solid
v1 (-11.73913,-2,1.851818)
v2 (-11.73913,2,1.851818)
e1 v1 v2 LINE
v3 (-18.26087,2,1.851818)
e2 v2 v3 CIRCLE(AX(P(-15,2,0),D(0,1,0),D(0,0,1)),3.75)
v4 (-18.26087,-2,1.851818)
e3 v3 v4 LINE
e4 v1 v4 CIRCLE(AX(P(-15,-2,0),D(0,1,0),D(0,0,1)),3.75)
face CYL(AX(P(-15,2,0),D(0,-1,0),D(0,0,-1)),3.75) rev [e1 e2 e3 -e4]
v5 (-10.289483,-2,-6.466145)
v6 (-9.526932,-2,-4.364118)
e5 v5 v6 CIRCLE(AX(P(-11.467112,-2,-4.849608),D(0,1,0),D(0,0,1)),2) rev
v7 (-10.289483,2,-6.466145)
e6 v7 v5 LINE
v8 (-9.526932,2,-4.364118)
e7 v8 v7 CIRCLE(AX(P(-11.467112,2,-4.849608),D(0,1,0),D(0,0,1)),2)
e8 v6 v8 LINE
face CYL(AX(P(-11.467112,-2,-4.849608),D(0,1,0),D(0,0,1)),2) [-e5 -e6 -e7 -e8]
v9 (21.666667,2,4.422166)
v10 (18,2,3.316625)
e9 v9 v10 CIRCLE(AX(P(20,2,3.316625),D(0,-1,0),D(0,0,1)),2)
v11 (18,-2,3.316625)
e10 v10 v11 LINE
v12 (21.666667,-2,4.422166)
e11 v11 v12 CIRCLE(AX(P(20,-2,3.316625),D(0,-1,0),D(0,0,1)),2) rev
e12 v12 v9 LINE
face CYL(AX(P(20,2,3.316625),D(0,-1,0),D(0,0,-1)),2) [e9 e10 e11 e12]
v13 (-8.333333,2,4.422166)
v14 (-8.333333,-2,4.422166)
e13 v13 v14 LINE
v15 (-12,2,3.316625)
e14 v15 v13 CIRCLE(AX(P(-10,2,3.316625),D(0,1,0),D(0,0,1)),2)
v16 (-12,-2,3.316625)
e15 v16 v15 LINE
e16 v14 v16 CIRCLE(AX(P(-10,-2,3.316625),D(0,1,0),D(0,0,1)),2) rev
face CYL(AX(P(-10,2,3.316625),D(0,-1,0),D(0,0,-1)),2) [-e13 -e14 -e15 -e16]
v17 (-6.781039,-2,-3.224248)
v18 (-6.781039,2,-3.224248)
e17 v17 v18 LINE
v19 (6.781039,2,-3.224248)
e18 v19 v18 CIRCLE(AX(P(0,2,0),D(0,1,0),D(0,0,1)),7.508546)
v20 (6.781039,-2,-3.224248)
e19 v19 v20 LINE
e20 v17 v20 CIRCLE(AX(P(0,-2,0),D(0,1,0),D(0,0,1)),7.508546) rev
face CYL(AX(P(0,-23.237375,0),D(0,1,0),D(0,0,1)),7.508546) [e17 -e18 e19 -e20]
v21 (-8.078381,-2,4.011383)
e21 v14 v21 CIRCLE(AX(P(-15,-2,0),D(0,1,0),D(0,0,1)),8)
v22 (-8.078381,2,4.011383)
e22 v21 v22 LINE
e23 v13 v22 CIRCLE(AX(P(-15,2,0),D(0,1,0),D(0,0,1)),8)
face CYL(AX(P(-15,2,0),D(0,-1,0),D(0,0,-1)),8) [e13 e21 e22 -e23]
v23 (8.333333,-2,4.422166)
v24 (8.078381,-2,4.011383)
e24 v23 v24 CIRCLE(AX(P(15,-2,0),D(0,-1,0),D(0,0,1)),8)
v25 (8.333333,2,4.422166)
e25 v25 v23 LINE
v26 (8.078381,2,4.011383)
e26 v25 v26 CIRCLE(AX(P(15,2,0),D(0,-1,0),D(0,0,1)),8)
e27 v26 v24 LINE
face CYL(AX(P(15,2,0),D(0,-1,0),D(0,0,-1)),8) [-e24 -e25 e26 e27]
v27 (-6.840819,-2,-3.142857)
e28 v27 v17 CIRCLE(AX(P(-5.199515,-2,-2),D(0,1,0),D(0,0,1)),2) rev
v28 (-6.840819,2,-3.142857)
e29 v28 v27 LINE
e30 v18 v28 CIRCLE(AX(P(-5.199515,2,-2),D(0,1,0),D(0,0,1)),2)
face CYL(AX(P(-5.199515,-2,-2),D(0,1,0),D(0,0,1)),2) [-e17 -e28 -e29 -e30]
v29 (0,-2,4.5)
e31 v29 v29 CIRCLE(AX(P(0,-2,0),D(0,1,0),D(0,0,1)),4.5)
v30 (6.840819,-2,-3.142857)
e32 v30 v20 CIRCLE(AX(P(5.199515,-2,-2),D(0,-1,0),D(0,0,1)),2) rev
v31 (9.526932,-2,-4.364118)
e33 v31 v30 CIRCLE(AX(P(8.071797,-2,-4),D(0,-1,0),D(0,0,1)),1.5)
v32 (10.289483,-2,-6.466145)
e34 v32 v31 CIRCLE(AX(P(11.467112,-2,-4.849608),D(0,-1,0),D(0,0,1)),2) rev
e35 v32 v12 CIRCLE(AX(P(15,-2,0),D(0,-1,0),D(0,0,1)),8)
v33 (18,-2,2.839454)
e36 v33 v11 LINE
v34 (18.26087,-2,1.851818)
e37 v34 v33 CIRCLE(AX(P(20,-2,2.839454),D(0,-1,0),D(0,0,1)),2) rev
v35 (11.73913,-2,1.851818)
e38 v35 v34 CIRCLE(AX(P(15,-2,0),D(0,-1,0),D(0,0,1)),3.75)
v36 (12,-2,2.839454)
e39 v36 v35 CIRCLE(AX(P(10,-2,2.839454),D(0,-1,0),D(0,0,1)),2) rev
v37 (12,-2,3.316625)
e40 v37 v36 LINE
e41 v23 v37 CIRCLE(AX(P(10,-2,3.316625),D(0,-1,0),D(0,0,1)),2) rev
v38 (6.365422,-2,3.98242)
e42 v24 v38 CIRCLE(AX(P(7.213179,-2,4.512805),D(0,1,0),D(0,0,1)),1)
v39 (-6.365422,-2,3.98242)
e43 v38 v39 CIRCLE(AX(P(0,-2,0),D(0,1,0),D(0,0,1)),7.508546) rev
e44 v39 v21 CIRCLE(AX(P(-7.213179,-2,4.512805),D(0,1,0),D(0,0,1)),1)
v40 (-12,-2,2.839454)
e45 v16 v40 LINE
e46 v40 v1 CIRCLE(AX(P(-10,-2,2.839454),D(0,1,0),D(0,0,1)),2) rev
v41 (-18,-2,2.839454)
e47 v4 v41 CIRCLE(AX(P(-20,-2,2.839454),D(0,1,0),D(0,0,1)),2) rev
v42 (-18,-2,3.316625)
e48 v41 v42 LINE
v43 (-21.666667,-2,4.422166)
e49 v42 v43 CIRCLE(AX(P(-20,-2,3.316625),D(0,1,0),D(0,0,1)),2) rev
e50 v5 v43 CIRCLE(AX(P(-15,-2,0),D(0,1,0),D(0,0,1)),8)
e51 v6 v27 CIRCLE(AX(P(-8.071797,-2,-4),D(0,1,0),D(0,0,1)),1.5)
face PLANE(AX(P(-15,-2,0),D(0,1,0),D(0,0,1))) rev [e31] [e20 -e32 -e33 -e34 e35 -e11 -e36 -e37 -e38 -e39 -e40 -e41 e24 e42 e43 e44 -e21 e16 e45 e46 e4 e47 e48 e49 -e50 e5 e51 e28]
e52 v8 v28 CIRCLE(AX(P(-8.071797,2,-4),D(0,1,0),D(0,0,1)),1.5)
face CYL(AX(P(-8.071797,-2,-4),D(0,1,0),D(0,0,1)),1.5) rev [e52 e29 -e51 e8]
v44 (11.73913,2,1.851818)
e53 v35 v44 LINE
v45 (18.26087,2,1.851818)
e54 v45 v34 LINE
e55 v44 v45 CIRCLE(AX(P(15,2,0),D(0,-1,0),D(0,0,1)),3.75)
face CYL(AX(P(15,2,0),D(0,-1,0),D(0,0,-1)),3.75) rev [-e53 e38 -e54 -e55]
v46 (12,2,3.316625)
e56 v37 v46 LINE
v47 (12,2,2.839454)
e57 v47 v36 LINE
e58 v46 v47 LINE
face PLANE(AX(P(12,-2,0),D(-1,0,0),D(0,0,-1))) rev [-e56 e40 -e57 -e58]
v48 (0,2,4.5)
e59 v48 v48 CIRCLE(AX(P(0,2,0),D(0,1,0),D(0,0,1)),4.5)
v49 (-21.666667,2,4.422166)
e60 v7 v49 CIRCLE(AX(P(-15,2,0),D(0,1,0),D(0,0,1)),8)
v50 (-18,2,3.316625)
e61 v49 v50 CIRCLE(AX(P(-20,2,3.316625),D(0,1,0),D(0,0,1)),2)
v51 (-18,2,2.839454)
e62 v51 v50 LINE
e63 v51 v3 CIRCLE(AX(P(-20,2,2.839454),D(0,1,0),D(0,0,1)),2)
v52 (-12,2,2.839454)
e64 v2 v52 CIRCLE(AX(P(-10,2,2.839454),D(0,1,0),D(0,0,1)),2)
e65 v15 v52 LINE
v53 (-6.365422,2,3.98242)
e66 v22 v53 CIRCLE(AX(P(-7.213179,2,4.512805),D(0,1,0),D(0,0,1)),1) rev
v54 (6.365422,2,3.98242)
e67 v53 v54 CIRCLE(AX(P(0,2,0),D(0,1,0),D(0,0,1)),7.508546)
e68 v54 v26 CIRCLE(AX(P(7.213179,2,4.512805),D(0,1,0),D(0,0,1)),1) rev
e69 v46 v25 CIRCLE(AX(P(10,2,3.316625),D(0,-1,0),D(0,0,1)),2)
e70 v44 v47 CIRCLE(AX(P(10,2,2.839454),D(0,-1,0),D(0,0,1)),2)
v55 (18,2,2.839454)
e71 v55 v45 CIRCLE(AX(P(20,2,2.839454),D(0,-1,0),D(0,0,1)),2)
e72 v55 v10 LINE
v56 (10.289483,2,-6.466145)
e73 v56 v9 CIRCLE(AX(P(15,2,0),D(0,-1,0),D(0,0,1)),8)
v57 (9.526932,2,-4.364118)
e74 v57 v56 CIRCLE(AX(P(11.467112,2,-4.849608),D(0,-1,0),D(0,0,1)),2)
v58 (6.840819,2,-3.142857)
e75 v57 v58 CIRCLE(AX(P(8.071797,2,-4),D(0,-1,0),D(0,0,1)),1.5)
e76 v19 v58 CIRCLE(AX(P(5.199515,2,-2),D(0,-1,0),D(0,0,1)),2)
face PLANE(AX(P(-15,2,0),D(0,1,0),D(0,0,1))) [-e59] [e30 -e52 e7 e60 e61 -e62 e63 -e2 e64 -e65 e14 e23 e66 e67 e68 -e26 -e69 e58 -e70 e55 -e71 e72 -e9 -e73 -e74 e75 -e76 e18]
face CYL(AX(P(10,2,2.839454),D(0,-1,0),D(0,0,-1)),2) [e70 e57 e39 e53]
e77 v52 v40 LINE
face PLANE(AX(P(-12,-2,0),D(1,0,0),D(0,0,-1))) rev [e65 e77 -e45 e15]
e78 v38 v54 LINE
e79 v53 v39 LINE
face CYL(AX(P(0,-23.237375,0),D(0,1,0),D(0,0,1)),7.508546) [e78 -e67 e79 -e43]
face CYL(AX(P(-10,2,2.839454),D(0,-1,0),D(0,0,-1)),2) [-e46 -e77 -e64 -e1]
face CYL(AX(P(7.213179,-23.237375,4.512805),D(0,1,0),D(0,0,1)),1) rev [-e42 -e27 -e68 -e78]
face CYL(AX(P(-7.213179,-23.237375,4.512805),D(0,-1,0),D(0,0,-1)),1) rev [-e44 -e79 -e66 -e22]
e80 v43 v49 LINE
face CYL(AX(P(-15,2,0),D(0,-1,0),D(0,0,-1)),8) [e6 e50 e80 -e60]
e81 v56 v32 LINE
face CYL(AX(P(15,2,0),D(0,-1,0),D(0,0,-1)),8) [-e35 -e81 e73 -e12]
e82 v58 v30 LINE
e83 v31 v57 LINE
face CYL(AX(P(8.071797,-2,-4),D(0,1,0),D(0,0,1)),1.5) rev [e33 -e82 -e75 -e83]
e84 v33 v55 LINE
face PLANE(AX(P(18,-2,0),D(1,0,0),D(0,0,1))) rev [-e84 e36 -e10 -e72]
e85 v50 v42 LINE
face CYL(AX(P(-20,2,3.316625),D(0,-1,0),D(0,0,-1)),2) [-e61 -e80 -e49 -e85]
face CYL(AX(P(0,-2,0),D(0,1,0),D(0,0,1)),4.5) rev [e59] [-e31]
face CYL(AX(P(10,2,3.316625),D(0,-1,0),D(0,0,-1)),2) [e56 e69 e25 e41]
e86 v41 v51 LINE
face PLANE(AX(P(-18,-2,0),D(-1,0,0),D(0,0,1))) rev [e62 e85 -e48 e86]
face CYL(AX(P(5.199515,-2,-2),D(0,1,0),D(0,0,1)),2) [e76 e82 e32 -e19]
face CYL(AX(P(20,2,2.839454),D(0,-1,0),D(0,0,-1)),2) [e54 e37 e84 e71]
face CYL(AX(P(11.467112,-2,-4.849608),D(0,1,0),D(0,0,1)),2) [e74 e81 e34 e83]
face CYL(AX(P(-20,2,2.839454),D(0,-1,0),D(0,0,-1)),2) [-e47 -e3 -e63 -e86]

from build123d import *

# Parameters (mm, degrees)
SKIZZE1_R                       = 3.75
AUFSATZ_LINEAR_AUSTRAGEN1_DEPTH = 2
SKIZZE2_R                       = 1.5
SCHNITT_LINEAR_AUSTRAGEN1_DEPTH = 25.677925359
VERRUNDUNG1_R                   = 2
VERRUNDUNG2_R                   = 2
SKIZZE4_R                       = 7.508546114
AUFSATZ_LINEAR_AUSTRAGEN2_DEPTH = 4
SKIZZE5_R                       = 4.5
SCHNITT_LINEAR_AUSTRAGEN3_DEPTH = 25.6779255
VERRUNDUNG4_R                   = 1


with BuildPart() as part:
    # Skizze1 → Aufsatz-Linear austragen1 (new, symmetric)
    with BuildSketch(Plane(origin=(0, 0, 0), x_dir=(1, 0, 0), z_dir=(0, 1, 0))):
        with BuildLine():
            Line((-7.583801513, -3), (0, -3))
            Line((0, -3), (0, 4))
            Line((0, 4), (-8.07179677, 4))
            ThreePointArc((-8.07179677, 4), (-22.980630624, -0.556358556), (-7.583801513, -3))
        make_face()
        with Locations(Location((-15, 0, 0), (0, 0, 270))):
            Circle(SKIZZE1_R, mode=Mode.SUBTRACT)
    extrude(amount=AUFSATZ_LINEAR_AUSTRAGEN1_DEPTH, both=True)

    # Skizze2 → Schnitt-Linear austragen1 (cut, through all)
    with BuildSketch(Plane(origin=(0, 2, 0), x_dir=(1, 0, 0), z_dir=(0, 1, 0))):
        with Locations((-8.07179677, 4)):
            Circle(SKIZZE2_R)
        with BuildLine():
            Line((-12, 0), (-12, -8))
            ThreePointArc((-12, -8), (-15, -11), (-18, -8))
            Line((-18, -8), (-18, 0))
            ThreePointArc((-18, 0), (-15, 3), (-12, 0))
        make_face()
    extrude(amount=-SCHNITT_LINEAR_AUSTRAGEN1_DEPTH, mode=Mode.SUBTRACT)

    # Verrundung1
    verrundung1_edges = [part.edges().sort_by_distance(p)[0] for p in [
        (-8.94027842, 0, -5.223004343),
        (-6.57179677, 0, -4),
        (-18, 0, 2.25),
        (-12, 0, 2.25),
        (-7.583801513, 0, 3),
    ]]
    fillet(verrundung1_edges, radius=VERRUNDUNG1_R)

    # Verrundung2
    verrundung2_edges = [part.edges().sort_by_distance(p)[0] for p in [
        (-12, 0, 7.416198487),
        (-18, 0, 7.416198487),
    ]]
    fillet(verrundung2_edges, radius=VERRUNDUNG2_R)

    # Spiegeln1: part across plane


with BuildPart() as part_1:
    add(part.part)
    add(part.part.mirror(Plane(origin=(0, 2, -4), x_dir=(0, 0, 1), z_dir=(-1, 0, 0))))

    # Skizze4 → Aufsatz-Linear austragen2 (add)
    with BuildSketch(Plane(origin=(0, 2, 0), x_dir=(1, 0, 0), z_dir=(0, 1, 0))):
        Circle(SKIZZE4_R)
    extrude(amount=-AUFSATZ_LINEAR_AUSTRAGEN2_DEPTH)

    # Skizze5 → Schnitt-Linear austragen3 (cut, through all)
    with BuildSketch(Plane(origin=(0, 2, 0), x_dir=(1, 0, 0), z_dir=(0, 1, 0))):
        with Locations(Location((0, 0, 0), (0, 0, 270))):
            Circle(SKIZZE5_R)
    extrude(amount=-SCHNITT_LINEAR_AUSTRAGEN3_DEPTH, mode=Mode.SUBTRACT)

    # Verrundung4
    verrundung4_edges = [part_1.edges().sort_by_distance(p)[0] for p in [
        (6.853540925, 0, 3.06712268),
        (-6.853540925, 0, 3.06712268),
    ]]
    fillet(verrundung4_edges, radius=VERRUNDUNG4_R)


solid = part_1.part
